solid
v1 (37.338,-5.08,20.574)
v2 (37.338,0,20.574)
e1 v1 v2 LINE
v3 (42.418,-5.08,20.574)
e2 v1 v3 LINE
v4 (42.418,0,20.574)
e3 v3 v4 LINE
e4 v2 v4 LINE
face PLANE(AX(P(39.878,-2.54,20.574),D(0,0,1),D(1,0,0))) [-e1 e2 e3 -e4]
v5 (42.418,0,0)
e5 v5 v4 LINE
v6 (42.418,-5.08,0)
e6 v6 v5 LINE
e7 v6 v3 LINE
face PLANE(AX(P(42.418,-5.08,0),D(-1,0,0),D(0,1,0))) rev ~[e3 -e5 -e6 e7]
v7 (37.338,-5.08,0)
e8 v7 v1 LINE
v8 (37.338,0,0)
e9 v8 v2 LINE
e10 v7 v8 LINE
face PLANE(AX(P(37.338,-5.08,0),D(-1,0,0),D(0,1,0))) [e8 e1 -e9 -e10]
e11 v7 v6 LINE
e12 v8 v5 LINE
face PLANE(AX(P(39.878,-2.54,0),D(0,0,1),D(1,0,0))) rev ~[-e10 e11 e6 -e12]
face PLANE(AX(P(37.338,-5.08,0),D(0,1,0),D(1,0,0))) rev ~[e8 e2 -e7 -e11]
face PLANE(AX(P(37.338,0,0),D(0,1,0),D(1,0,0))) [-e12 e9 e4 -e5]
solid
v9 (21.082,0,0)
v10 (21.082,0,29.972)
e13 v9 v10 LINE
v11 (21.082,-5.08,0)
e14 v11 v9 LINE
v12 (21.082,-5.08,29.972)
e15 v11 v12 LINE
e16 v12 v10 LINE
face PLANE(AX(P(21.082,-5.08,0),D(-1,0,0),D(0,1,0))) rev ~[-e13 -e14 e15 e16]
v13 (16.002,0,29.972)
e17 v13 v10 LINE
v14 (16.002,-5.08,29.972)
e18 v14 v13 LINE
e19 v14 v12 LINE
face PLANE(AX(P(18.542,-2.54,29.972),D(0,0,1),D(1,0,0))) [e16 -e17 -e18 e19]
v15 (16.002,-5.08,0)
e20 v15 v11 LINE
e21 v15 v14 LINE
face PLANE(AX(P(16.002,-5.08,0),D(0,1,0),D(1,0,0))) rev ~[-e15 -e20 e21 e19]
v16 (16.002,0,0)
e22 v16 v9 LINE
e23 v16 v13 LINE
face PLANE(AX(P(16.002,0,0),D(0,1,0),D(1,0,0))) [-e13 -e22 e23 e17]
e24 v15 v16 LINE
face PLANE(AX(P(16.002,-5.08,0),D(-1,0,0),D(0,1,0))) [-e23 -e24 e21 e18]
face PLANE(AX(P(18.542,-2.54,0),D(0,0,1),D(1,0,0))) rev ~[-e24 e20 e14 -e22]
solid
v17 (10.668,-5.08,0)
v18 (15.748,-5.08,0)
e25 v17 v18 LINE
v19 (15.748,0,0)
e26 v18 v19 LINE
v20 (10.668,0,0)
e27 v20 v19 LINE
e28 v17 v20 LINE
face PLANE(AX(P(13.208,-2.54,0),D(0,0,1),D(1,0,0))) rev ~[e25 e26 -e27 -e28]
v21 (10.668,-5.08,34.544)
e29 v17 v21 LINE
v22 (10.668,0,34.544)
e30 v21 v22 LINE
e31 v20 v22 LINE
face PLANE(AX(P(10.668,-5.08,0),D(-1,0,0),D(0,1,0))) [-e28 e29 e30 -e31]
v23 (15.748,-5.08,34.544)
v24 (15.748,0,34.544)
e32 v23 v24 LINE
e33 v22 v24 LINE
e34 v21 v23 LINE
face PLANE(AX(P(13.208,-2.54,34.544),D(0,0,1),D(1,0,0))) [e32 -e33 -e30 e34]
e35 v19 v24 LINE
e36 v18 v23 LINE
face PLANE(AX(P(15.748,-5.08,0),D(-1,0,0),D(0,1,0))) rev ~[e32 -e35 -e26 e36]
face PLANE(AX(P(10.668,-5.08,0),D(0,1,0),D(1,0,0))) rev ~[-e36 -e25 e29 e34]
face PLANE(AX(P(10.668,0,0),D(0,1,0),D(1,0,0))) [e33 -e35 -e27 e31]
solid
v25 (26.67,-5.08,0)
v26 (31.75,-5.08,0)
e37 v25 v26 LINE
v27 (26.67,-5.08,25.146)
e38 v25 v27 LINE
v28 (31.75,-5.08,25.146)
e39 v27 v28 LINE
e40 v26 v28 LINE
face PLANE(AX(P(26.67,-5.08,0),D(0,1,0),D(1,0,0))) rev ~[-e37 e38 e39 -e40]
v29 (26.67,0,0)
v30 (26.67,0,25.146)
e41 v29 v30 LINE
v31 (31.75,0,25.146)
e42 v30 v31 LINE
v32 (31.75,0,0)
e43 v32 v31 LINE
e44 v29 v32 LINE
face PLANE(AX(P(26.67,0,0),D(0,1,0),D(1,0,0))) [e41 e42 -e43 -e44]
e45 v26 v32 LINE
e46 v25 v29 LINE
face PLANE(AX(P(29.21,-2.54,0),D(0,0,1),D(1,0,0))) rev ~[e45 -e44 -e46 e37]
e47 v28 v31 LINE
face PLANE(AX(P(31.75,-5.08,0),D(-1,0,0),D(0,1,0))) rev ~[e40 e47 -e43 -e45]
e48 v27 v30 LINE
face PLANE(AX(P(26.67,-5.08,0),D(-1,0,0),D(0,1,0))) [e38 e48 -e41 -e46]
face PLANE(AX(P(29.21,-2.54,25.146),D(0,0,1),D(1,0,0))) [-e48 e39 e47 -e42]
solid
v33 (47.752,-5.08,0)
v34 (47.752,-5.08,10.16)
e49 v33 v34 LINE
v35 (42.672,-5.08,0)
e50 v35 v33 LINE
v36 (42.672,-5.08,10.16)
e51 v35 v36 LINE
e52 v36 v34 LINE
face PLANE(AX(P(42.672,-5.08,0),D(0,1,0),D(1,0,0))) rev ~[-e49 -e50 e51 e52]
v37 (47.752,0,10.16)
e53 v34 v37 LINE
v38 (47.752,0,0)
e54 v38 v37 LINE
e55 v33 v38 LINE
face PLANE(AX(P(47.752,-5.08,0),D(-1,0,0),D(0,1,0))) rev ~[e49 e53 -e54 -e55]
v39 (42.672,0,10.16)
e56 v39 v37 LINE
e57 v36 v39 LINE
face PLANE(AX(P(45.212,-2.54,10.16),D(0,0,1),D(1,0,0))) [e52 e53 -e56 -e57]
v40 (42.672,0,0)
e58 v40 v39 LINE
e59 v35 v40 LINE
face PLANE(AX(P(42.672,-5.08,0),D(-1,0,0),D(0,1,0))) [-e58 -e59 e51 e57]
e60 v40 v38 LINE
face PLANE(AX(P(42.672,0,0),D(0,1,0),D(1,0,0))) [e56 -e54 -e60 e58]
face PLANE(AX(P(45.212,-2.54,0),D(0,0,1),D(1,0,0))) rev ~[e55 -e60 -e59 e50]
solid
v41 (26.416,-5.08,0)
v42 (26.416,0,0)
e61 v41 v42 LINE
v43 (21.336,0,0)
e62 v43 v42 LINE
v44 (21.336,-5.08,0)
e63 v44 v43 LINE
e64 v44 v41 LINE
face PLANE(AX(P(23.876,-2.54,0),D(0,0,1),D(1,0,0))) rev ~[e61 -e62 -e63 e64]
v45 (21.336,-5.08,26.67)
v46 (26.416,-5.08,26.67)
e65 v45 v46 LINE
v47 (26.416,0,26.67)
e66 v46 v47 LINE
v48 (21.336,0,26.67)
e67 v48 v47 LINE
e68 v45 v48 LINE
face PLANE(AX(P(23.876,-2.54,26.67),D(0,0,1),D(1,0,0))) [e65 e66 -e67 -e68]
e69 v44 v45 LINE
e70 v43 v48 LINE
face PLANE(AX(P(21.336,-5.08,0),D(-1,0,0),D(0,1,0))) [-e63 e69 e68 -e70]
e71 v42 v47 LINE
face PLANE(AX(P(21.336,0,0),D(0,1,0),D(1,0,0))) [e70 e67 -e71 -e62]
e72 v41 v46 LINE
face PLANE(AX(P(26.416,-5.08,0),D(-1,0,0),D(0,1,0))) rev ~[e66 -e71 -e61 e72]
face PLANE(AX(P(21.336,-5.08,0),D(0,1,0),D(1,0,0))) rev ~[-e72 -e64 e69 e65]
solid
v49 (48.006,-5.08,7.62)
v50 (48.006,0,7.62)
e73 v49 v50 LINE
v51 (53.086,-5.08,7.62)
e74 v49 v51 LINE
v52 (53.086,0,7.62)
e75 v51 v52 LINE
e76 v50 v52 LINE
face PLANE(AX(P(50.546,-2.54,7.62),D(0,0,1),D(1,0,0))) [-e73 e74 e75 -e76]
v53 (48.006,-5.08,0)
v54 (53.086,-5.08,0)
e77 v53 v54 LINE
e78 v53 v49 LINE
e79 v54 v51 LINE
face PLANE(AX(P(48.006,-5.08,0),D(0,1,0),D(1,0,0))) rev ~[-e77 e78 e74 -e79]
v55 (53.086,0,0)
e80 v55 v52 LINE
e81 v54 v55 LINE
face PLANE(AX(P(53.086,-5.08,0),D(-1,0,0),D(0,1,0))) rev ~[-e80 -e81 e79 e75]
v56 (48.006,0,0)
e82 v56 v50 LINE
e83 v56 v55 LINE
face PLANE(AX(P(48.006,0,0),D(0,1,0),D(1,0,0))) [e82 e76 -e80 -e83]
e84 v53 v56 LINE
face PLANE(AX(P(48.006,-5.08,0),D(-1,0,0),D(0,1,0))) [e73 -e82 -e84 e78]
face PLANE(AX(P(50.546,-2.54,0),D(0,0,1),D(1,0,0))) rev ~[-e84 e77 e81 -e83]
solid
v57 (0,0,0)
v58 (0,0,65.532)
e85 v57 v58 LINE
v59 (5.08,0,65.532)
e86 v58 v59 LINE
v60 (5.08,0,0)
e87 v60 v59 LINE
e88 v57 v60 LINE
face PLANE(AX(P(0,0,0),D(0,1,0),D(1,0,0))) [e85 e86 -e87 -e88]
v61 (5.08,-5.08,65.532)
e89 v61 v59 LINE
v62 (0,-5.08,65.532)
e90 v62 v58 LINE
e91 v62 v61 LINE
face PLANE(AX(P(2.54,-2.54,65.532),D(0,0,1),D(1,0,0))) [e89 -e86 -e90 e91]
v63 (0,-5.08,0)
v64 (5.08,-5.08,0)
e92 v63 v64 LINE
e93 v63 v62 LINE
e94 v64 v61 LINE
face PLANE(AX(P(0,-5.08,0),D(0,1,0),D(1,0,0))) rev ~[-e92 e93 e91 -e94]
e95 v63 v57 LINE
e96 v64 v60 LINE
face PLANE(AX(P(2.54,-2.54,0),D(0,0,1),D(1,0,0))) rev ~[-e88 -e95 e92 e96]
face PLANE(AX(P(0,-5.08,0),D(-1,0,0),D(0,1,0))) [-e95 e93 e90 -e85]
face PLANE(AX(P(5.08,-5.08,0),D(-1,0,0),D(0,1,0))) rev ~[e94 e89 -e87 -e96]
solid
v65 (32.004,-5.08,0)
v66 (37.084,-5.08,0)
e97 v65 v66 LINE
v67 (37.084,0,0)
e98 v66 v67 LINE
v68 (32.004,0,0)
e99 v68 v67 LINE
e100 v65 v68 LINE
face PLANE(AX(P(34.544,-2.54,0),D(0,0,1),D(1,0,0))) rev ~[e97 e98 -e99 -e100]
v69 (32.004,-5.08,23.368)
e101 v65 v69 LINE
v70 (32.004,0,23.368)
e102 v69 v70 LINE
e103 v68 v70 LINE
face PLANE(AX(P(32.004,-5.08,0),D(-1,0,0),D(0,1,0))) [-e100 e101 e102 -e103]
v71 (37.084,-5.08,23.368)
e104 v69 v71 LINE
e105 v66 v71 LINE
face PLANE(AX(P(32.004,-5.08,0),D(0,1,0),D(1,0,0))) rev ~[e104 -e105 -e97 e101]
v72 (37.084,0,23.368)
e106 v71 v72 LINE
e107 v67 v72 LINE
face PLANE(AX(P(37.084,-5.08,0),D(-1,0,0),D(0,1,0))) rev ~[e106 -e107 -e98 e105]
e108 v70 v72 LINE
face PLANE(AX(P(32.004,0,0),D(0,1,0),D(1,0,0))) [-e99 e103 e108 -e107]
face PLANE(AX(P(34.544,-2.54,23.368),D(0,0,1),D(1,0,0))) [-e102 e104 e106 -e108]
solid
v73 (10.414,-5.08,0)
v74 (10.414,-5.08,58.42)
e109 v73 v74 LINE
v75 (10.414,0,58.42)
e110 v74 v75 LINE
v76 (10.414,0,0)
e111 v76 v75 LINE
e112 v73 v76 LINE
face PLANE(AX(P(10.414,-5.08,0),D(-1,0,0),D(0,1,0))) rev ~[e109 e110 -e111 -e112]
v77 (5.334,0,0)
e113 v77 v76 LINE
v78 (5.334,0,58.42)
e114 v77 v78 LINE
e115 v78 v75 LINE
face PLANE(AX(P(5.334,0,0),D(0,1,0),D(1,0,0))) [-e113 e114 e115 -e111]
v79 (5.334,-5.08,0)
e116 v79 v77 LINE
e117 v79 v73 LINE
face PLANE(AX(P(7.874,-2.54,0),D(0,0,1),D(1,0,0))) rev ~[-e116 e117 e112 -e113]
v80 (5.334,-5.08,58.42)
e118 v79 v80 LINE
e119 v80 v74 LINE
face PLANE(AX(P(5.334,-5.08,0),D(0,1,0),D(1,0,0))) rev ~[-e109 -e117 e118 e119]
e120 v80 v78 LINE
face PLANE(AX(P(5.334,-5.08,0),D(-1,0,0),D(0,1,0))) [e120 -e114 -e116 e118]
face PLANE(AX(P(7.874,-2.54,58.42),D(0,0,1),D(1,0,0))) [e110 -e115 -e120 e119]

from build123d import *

# Parameters (mm, degrees)
F0_W      = 5.08
F0_H      = 5.08
F2_DEPTH  = 65.532
F1_W      = 5.08
F1_H      = 5.08
F3_DEPTH  = 58.42
F4_DEPTH  = 34.544
F5_DEPTH  = 29.972
F6_DEPTH  = 26.67
F7_DEPTH  = 25.146
F8_DEPTH  = 23.368
F9_DEPTH  = 20.574
F10_DEPTH = 10.16
F11_DEPTH = 7.62


with BuildPart() as f2:
    # F0 (on Top) → F2 (new body)
    with BuildSketch(Plane.XY):
        with Locations((2.54, -2.54)):
            Rectangle(F0_W, F0_H)
    extrude(amount=F2_DEPTH)


with BuildPart() as f3:
    # F1 (on Top) → F3 (new body)
    with BuildSketch(Plane.XY):
        with Locations((7.874, -2.54)):
            Rectangle(F1_W, F1_H)
    extrude(amount=F3_DEPTH)


with BuildPart() as f4:
    # F1 (on Top) → F4 (new body)
    with BuildSketch(Plane.XY):
        with Locations((13.208, -2.54)):
            Rectangle(F1_W, F1_H)
    extrude(amount=F4_DEPTH)


with BuildPart() as f5:
    # F1 (on Top) → F5 (new body)
    with BuildSketch(Plane.XY):
        with Locations((18.542, -2.54)):
            Rectangle(F1_W, F1_H)
    extrude(amount=F5_DEPTH)


with BuildPart() as f6:
    # F1 (on Top) → F6 (new body)
    with BuildSketch(Plane.XY):
        with Locations((23.876, -2.54)):
            Rectangle(F1_W, F1_H)
    extrude(amount=F6_DEPTH)


with BuildPart() as f7:
    # F1 (on Top) → F7 (new body)
    with BuildSketch(Plane.XY):
        with Locations((29.21, -2.54)):
            Rectangle(F1_W, F1_H)
    extrude(amount=F7_DEPTH)


with BuildPart() as f8:
    # F1 (on Top) → F8 (new body)
    with BuildSketch(Plane.XY):
        with Locations((34.544, -2.54)):
            Rectangle(F1_W, F1_H)
    extrude(amount=F8_DEPTH)


with BuildPart() as f9:
    # F1 (on Top) → F9 (new body)
    with BuildSketch(Plane.XY):
        with Locations((39.878, -2.54)):
            Rectangle(F1_W, F1_H)
    extrude(amount=F9_DEPTH)


with BuildPart() as f10:
    # F1 (on Top) → F10 (new body)
    with BuildSketch(Plane.XY):
        with Locations((45.212, -2.54)):
            Rectangle(F1_W, F1_H)
    extrude(amount=F10_DEPTH)


with BuildPart() as f11:
    # F1 (on Top) → F11 (new body)
    with BuildSketch(Plane.XY):
        with Locations((50.546, -2.54)):
            Rectangle(F1_W, F1_H)
    extrude(amount=F11_DEPTH)


solid = Compound([f2.part, f3.part, f4.part, f5.part, f6.part, f7.part, f8.part, f9.part, f10.part, f11.part])
